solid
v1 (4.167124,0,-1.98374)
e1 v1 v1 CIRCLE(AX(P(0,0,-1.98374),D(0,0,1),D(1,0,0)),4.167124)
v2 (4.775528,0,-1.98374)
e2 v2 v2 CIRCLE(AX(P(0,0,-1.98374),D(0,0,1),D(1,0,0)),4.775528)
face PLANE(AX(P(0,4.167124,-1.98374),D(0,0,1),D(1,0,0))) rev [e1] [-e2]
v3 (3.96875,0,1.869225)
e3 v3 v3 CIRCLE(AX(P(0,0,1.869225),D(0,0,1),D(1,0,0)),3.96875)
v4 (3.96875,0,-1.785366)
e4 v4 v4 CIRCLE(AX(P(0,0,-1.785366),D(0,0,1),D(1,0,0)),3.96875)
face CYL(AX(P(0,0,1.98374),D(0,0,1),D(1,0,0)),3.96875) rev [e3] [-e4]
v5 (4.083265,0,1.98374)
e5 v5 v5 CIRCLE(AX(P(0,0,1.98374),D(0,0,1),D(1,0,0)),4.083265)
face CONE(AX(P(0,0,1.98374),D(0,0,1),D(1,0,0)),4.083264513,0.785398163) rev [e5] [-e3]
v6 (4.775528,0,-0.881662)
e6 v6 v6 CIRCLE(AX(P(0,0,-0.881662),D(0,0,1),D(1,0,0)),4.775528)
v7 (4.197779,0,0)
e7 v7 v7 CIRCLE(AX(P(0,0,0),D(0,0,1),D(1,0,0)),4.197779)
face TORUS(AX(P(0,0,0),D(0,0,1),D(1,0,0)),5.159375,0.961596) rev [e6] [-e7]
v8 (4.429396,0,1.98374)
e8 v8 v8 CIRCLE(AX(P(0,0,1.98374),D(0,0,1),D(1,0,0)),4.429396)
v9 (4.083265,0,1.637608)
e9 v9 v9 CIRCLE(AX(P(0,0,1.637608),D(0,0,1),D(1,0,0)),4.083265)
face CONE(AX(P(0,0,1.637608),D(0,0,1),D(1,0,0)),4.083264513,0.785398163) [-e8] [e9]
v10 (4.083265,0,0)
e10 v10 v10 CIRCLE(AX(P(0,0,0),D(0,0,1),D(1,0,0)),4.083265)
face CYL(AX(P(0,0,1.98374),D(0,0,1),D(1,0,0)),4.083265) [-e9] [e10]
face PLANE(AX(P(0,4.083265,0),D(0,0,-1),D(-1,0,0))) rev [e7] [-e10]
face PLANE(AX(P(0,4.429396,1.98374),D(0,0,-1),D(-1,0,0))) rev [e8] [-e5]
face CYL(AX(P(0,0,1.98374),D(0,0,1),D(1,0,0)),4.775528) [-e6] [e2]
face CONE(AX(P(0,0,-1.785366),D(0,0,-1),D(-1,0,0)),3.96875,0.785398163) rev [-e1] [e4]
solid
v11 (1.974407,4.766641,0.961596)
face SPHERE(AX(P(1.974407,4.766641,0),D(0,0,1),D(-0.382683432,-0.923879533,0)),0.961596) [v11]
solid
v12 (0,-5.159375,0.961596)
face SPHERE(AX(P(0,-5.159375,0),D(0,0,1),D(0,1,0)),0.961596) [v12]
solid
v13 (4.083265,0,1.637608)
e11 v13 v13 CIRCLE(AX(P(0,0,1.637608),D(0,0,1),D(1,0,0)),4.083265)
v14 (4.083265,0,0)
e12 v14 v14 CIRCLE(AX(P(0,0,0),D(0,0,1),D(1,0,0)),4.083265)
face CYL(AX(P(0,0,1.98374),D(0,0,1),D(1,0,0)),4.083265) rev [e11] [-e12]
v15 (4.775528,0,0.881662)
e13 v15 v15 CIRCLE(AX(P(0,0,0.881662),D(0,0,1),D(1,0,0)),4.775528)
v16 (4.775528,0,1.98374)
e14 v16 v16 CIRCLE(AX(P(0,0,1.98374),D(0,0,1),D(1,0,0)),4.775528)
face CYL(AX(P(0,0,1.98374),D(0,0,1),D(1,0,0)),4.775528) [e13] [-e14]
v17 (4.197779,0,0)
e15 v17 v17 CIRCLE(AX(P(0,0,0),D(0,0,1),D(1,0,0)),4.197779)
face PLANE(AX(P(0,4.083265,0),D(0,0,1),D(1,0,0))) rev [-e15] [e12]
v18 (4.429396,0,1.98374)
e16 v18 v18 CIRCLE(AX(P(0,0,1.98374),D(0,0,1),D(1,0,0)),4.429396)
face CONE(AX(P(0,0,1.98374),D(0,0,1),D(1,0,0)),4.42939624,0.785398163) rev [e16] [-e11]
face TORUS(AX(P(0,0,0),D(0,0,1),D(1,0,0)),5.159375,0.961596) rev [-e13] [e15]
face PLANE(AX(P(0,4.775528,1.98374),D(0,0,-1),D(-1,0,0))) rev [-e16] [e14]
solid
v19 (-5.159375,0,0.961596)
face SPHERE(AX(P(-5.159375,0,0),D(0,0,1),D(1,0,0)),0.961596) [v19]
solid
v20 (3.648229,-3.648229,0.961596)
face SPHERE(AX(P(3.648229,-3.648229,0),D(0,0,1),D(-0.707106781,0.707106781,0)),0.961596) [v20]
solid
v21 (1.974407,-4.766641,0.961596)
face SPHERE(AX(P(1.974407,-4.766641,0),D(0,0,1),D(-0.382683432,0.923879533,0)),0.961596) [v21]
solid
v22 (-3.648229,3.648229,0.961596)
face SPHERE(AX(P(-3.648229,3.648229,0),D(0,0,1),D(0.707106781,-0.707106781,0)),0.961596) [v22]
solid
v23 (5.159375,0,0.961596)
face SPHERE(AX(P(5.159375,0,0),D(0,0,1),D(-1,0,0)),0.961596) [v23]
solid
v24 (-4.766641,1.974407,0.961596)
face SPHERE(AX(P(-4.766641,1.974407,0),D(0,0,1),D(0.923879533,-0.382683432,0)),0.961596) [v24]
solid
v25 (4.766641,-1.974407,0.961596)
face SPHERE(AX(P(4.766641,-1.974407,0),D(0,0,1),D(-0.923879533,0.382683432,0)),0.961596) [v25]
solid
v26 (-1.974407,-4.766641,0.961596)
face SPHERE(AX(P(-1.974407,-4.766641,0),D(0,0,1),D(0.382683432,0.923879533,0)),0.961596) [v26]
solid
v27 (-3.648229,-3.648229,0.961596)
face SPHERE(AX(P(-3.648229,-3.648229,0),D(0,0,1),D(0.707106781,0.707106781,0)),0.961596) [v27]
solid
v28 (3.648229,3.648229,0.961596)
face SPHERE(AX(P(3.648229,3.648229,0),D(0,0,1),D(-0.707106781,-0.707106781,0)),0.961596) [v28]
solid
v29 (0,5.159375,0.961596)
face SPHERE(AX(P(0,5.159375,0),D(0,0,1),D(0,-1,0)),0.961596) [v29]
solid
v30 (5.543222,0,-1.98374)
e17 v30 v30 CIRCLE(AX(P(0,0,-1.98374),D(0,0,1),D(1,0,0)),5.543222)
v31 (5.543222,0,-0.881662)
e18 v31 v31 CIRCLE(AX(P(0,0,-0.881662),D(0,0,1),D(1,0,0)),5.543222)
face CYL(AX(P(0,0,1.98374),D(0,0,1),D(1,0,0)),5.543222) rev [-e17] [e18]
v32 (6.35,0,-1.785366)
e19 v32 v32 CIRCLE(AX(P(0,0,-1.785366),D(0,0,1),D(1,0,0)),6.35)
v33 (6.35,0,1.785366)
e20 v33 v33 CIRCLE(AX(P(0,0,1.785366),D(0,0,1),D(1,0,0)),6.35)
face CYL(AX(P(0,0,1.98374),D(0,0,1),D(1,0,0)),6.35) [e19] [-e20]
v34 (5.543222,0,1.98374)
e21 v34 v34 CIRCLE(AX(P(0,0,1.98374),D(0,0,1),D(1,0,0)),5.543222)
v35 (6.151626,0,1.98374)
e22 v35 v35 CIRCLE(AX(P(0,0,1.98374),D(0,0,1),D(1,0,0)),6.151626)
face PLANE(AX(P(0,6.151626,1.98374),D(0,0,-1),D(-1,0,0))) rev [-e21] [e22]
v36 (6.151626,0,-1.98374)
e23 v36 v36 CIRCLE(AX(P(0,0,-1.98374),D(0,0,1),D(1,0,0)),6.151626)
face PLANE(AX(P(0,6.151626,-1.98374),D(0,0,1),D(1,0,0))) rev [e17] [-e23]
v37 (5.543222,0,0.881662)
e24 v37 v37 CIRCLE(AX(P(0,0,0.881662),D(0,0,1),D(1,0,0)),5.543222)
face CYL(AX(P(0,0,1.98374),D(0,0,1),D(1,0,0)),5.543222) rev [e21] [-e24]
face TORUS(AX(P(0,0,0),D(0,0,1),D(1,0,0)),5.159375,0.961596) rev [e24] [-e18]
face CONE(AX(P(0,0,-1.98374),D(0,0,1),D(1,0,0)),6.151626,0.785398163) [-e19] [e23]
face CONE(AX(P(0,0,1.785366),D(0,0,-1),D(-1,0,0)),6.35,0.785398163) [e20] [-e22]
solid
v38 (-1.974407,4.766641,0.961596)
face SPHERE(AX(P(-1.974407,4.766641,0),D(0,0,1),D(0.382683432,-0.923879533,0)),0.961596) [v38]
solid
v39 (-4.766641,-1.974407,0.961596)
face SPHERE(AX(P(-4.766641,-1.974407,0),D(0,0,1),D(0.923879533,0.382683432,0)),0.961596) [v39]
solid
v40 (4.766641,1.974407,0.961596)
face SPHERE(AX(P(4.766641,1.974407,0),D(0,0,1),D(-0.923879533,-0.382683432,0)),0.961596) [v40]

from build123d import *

# Parameters (mm, degrees)
CIRPATTERN1_COUNT = 16


with BuildPart() as part:
    # Sketch1 → Revolve1 (revolve)
    with BuildSketch(Plane(origin=(0, 0, 0), x_dir=(0, 0, -1), z_dir=(1, 0, 0))):
        with BuildLine():
            Line((1.785366, 6.35), (-1.785366, 6.35))
            Line((-1.785366, 6.35), (-1.98374, 6.151626))
            Line((-1.98374, 6.151626), (-1.98374, 5.543222033))
            Line((-1.98374, 5.543222033), (-0.881662222, 5.543222033))
            ThreePointArc((-0.881662222, 5.543222033), (0, 6.120970975), (0.881662222, 5.543222033))
            Line((0.881662222, 5.543222033), (1.98374, 5.543222033))
            Line((1.98374, 5.543222033), (1.98374, 6.151626))
            Line((1.98374, 6.151626), (1.785366, 6.35))
        make_face()
    revolve(axis=Axis((0, 0, 1.98374), (0, 0, -1)))


with BuildPart() as body_2:
    # Sketch2 → Revolve2 (revolve)
    with BuildSketch(Plane(origin=(0, 0, 0), x_dir=(0, 0, -1), z_dir=(1, 0, 0))):
        with BuildLine():
            Line((-1.98374, 4.775527967), (-0.881662222, 4.775527967))
            ThreePointArc((-0.881662222, 4.775527967), (-0.527048886, 4.355082584), (0, 4.197779025))
            Line((0, 4.197779025), (0, 4.083264513))
            Line((0, 4.083264513), (-1.637608273, 4.083264513))
            Line((-1.637608273, 4.083264513), (-1.98374, 4.42939624))
            Line((-1.98374, 4.42939624), (-1.98374, 4.775527967))
        make_face()
    revolve(axis=Axis((0, 0, 1.98374), (0, 0, -1)))


with BuildPart() as body_3:
    # Sketch3 → Revolve3 (revolve)
    with BuildSketch(Plane(origin=(0, 0, 0), x_dir=(0, 0, -1), z_dir=(1, 0, 0))):
        with BuildLine():
            Line((-1.98374, 4.42939624), (-1.637608273, 4.083264513))
            Line((-1.637608273, 4.083264513), (0, 4.083264513))
            Line((0, 4.083264513), (0, 4.197779025))
            ThreePointArc((0, 4.197779025), (0.527048886, 4.355082584), (0.881662222, 4.775527967))
            Line((0.881662222, 4.775527967), (1.98374, 4.775527967))
            Line((1.98374, 4.775527967), (1.98374, 4.167124))
            Line((1.98374, 4.167124), (1.785366, 3.96875))
            Line((1.785366, 3.96875), (-1.869225487, 3.96875))
            Line((-1.869225487, 3.96875), (-1.98374, 4.083264513))
            Line((-1.98374, 4.083264513), (-1.98374, 4.42939624))
        make_face()
    revolve(axis=Axis((0, 0, 1.98374), (0, 0, -1)))


with BuildPart() as body_4:
    # Sketch4 → Revolve4 (revolve)
    with BuildSketch(Plane(origin=(0, 0, 0), x_dir=(0, 0, -1), z_dir=(1, 0, 0))):
        with BuildLine():
            Line((-0.961595975, 5.159375), (0.961595975, 5.159375))
            ThreePointArc((0.961595975, 5.159375), (0, 6.120970975), (-0.961595975, 5.159375))
        make_face()
    revolve(axis=Axis((0, 5.159375, 0.961595975), (0, 0, -1)))


with BuildPart() as cirpattern1_1:
    # CirPattern1: pattern copy
    add(body_4.part.rotate(Axis((0, 0, -1.98374), (0, 0, 1)), 1 * 360 / CIRPATTERN1_COUNT))


with BuildPart() as cirpattern1_2:
    # CirPattern1: pattern copy
    add(body_4.part.rotate(Axis((0, 0, -1.98374), (0, 0, 1)), 2 * 360 / CIRPATTERN1_COUNT))


with BuildPart() as cirpattern1_3:
    # CirPattern1: pattern copy
    add(body_4.part.rotate(Axis((0, 0, -1.98374), (0, 0, 1)), 3 * 360 / CIRPATTERN1_COUNT))


with BuildPart() as cirpattern1_4:
    # CirPattern1: pattern copy
    add(body_4.part.rotate(Axis((0, 0, -1.98374), (0, 0, 1)), 4 * 360 / CIRPATTERN1_COUNT))


with BuildPart() as cirpattern1_5:
    # CirPattern1: pattern copy
    add(body_4.part.rotate(Axis((0, 0, -1.98374), (0, 0, 1)), 5 * 360 / CIRPATTERN1_COUNT))


with BuildPart() as cirpattern1_6:
    # CirPattern1: pattern copy
    add(body_4.part.rotate(Axis((0, 0, -1.98374), (0, 0, 1)), 6 * 360 / CIRPATTERN1_COUNT))


with BuildPart() as cirpattern1_7:
    # CirPattern1: pattern copy
    add(body_4.part.rotate(Axis((0, 0, -1.98374), (0, 0, 1)), 7 * 360 / CIRPATTERN1_COUNT))


with BuildPart() as cirpattern1_8:
    # CirPattern1: pattern copy
    add(body_4.part.rotate(Axis((0, 0, -1.98374), (0, 0, 1)), 8 * 360 / CIRPATTERN1_COUNT))


with BuildPart() as cirpattern1_9:
    # CirPattern1: pattern copy
    add(body_4.part.rotate(Axis((0, 0, -1.98374), (0, 0, 1)), 9 * 360 / CIRPATTERN1_COUNT))


with BuildPart() as cirpattern1_10:
    # CirPattern1: pattern copy
    add(body_4.part.rotate(Axis((0, 0, -1.98374), (0, 0, 1)), 10 * 360 / CIRPATTERN1_COUNT))


with BuildPart() as cirpattern1_11:
    # CirPattern1: pattern copy
    add(body_4.part.rotate(Axis((0, 0, -1.98374), (0, 0, 1)), 11 * 360 / CIRPATTERN1_COUNT))


with BuildPart() as cirpattern1_12:
    # CirPattern1: pattern copy
    add(body_4.part.rotate(Axis((0, 0, -1.98374), (0, 0, 1)), 12 * 360 / CIRPATTERN1_COUNT))


with BuildPart() as cirpattern1_13:
    # CirPattern1: pattern copy
    add(body_4.part.rotate(Axis((0, 0, -1.98374), (0, 0, 1)), 13 * 360 / CIRPATTERN1_COUNT))


with BuildPart() as cirpattern1_14:
    # CirPattern1: pattern copy
    add(body_4.part.rotate(Axis((0, 0, -1.98374), (0, 0, 1)), 14 * 360 / CIRPATTERN1_COUNT))


with BuildPart() as cirpattern1_15:
    # CirPattern1: pattern copy
    add(body_4.part.rotate(Axis((0, 0, -1.98374), (0, 0, 1)), 15 * 360 / CIRPATTERN1_COUNT))


solid = Compound([part.part, body_2.part, body_3.part, body_4.part, cirpattern1_1.part, cirpattern1_2.part, cirpattern1_3.part, cirpattern1_4.part, cirpattern1_5.part, cirpattern1_6.part, cirpattern1_7.part, cirpattern1_8.part, cirpattern1_9.part, cirpattern1_10.part, cirpattern1_11.part, cirpattern1_12.part, cirpattern1_13.part, cirpattern1_14.part, cirpattern1_15.part])
